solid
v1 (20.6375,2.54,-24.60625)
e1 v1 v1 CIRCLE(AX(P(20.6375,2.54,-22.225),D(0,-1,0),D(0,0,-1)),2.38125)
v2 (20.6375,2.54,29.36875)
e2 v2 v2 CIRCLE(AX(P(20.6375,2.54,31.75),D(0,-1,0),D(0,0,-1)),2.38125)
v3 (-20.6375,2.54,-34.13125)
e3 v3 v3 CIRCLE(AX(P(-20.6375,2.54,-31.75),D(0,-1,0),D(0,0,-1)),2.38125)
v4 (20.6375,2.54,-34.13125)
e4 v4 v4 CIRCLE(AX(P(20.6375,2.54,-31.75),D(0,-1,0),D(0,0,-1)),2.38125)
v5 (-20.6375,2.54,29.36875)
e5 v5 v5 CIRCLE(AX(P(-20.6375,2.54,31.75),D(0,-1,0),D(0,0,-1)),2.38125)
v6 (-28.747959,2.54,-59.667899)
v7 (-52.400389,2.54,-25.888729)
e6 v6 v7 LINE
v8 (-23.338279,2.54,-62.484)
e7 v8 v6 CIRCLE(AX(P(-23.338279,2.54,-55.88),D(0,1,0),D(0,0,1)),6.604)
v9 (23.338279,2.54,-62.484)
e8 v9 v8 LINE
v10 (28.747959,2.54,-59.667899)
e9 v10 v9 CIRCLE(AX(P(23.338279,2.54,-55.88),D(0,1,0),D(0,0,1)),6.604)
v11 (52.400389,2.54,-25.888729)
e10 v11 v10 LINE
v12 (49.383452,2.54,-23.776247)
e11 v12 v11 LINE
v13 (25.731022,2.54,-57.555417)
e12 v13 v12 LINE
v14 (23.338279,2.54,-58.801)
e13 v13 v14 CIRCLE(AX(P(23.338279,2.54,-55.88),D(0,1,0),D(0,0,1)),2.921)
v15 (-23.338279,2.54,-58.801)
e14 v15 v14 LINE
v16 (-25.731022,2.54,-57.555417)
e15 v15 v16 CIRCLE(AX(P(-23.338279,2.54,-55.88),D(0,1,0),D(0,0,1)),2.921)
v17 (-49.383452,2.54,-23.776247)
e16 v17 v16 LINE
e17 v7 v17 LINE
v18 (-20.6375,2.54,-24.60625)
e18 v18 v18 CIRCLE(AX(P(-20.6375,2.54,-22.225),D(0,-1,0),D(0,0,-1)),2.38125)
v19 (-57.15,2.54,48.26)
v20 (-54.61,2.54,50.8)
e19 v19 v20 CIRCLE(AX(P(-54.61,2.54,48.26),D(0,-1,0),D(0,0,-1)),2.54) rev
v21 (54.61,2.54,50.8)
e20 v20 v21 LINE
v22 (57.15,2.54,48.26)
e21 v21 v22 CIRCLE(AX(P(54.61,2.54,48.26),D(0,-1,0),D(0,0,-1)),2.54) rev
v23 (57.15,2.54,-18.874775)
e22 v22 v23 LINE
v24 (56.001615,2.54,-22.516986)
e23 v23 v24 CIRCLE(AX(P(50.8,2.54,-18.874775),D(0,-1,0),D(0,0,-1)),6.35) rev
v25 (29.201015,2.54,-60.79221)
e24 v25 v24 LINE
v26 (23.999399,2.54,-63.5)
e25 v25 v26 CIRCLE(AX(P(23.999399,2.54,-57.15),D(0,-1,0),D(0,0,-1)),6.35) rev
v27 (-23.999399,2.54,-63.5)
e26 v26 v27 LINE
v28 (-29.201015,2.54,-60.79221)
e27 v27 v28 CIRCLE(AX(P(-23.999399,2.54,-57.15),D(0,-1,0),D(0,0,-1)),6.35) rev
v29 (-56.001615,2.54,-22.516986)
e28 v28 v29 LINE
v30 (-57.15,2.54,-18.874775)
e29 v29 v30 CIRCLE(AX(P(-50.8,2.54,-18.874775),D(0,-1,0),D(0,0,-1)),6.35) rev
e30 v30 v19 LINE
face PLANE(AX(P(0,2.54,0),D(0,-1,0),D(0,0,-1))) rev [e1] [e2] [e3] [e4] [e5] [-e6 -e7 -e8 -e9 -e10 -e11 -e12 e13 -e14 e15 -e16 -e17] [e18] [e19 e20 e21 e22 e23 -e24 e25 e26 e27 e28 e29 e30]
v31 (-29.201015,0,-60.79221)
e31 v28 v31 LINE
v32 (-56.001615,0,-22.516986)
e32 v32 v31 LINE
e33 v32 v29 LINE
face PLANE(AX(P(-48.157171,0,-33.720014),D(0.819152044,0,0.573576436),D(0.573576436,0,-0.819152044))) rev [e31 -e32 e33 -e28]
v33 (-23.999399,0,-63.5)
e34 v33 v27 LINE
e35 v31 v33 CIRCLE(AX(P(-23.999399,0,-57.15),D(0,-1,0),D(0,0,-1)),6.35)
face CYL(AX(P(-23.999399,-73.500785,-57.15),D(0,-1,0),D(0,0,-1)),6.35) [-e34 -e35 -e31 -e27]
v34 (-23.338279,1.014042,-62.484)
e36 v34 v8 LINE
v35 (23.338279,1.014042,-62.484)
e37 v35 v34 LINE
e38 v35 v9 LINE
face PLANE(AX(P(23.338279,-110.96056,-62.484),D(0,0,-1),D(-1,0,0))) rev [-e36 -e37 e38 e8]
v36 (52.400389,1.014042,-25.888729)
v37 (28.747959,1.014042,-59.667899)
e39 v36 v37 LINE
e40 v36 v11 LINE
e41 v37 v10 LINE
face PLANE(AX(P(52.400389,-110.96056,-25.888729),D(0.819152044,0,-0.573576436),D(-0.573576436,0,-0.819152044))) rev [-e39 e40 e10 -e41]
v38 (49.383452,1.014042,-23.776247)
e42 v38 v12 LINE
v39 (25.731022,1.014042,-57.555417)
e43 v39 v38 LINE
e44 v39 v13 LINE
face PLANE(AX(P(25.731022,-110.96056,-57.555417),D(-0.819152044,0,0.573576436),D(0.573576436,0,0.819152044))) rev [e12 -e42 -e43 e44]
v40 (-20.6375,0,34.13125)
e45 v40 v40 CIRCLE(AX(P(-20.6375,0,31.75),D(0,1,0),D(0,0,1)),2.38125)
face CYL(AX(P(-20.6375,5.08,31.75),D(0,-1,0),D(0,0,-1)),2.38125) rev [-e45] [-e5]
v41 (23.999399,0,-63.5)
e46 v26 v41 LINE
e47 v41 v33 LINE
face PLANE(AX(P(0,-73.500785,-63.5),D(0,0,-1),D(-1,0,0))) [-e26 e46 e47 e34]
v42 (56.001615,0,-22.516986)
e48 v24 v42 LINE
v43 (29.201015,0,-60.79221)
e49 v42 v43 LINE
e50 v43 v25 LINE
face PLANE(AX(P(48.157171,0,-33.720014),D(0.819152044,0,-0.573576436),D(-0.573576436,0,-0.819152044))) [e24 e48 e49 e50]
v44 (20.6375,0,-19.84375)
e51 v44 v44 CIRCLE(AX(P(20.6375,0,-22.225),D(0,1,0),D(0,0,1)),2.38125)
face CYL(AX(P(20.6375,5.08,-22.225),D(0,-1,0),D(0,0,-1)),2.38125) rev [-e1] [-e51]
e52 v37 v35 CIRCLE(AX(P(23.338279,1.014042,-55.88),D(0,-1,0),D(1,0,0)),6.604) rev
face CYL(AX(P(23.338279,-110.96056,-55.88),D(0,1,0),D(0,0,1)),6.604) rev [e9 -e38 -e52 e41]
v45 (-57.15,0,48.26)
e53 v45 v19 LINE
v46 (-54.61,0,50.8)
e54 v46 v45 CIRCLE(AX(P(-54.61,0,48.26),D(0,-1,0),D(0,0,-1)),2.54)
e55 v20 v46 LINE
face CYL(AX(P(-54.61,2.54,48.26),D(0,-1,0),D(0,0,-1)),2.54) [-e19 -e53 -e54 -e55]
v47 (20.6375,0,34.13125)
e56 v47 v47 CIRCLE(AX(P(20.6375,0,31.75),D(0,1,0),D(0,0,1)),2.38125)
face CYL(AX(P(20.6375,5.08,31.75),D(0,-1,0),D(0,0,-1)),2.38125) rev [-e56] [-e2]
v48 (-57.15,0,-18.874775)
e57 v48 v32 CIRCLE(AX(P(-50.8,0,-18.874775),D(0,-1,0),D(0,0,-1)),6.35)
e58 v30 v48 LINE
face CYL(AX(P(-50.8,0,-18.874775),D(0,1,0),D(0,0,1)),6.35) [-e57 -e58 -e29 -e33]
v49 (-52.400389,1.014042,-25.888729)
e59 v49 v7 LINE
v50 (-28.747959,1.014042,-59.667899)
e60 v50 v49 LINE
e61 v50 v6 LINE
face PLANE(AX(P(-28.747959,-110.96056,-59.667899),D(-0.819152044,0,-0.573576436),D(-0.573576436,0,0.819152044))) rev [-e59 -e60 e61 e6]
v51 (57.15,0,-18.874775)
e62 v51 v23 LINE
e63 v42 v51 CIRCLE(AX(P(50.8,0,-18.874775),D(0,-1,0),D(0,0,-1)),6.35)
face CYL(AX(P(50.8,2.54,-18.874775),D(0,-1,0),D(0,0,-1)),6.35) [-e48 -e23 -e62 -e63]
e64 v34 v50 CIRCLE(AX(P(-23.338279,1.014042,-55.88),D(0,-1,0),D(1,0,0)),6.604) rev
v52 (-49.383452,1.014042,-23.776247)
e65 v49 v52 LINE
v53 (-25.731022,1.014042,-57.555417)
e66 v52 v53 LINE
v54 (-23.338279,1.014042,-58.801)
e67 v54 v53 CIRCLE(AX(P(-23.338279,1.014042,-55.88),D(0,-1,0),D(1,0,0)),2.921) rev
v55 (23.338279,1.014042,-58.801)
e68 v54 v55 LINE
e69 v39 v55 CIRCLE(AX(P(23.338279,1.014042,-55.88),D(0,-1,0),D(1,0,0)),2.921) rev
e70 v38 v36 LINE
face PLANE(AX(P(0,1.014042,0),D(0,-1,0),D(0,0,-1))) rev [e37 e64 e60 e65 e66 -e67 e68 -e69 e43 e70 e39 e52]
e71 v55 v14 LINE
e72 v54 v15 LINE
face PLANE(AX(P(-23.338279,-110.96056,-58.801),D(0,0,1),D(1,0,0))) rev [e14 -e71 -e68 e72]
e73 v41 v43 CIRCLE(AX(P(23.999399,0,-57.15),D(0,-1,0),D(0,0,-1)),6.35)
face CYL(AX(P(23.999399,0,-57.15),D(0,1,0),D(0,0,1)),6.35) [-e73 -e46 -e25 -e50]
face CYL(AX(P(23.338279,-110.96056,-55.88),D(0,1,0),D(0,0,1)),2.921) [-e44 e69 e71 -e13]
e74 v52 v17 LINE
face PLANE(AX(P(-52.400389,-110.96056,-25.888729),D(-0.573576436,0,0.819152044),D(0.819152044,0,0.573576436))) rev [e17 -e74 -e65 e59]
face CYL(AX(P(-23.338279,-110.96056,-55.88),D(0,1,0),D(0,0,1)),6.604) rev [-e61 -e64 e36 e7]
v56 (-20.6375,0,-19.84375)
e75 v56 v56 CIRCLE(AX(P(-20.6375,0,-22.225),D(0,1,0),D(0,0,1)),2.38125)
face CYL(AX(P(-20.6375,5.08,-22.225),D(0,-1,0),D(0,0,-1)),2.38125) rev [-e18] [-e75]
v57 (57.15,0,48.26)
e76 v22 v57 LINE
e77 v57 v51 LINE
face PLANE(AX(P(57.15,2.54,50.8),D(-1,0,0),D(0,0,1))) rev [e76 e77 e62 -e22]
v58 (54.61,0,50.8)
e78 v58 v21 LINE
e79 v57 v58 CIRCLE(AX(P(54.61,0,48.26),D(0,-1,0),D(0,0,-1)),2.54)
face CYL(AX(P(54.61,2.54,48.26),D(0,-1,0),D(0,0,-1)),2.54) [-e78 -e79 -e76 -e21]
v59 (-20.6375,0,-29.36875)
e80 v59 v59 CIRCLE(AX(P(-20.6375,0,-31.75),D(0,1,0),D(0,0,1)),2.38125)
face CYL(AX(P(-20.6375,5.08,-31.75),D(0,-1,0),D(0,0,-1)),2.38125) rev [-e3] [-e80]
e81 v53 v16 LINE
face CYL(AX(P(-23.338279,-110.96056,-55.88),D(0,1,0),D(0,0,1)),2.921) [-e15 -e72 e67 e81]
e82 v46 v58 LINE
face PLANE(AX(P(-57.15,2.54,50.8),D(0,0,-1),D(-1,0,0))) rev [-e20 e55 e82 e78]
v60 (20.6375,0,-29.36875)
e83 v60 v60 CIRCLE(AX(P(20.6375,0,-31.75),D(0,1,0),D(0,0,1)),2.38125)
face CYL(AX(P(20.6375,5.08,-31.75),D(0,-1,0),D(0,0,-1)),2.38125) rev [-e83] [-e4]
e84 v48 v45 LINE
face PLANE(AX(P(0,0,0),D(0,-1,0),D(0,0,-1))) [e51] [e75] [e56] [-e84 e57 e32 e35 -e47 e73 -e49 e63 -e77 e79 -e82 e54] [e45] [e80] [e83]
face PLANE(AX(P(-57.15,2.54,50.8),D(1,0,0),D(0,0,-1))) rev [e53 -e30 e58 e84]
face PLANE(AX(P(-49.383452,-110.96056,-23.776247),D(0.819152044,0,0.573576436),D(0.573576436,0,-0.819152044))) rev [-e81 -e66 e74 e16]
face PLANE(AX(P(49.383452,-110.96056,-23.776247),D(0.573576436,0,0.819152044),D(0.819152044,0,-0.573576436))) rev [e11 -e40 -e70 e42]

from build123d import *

# Parameters (mm, degrees)
SKETCH2_W               = 114.3
SKETCH2_H               = 101.6
BOSS_EXTRUDE1_DEPTH     = 2.54
SKETCH3_W               = 19.05
SKETCH3_H               = 38.1
BOSS_EXTRUDE2_DEPTH     = 2.54
TRUCKMOUNTINGHOLES_R    = 2.38125
CUT_EXTRUDE1_DEPTH      = 6.08
FILLET1_R               = 2.54
CUT_EXTRUDE3_DEPTH      = 3.54
CUT_EXTRUDE3_DEPTH_BACK = 3.54
BOSS_EXTRUDE3_DEPTH     = 2.54
CUT_EXTRUDE4_DEPTH      = 1.525958
FILLET2_R               = 6.35
SKETCH8_W               = 22.225
SKETCH8_H               = 2.54
BOSS_EXTRUDE4_DEPTH     = 2.54
CUT_EXTRUDE5_DEPTH      = 2.54
SKETCH10_W              = 60.325
SKETCH10_H              = 101.6
CUT_EXTRUDE6_DEPTH      = 2.54


with BuildPart() as part:
    # Sketch2 → Boss-Extrude1 (new body)
    with BuildSketch(Plane(origin=(0, 0, 0), x_dir=(1, 0, 0), z_dir=(0, 1, 0))):
        Rectangle(SKETCH2_W, SKETCH2_H)
    extrude(amount=BOSS_EXTRUDE1_DEPTH)

    # Sketch3 → Boss-Extrude2 (add)
    with BuildSketch(Plane(origin=(0, 2.54, 0), x_dir=(1, 0, 0), z_dir=(0, 1, 0))):
        with Locations((-20.6375, -31.75)):
            Rectangle(SKETCH3_W, SKETCH3_H)
        with Locations((20.6375, -31.75)):
            Rectangle(SKETCH3_W, SKETCH3_H)
        Polygon((-30.1625, 41.705647627), (-30.1625, 12.7), (-11.1125, 12.7), (-11.1125, 50.8), (-23.794565913, 50.8), align=None)
        Polygon((11.1125, 50.8), (11.1125, 12.7), (30.1625, 12.7), (30.1625, 41.705647627), (23.794565913, 50.8), align=None)
    extrude(amount=BOSS_EXTRUDE2_DEPTH)

    # TruckMountingHoles → Cut-Extrude1 (cut, through all)
    with BuildSketch(Plane(origin=(0, 0, 0), x_dir=(1, 0, 0), z_dir=(0, 1, 0))):
        with Locations((-20.6375, 22.225)):
            Circle(TRUCKMOUNTINGHOLES_R)
        with Locations((-20.6375, 31.75)):
            Circle(TRUCKMOUNTINGHOLES_R)
        with Locations((20.6375, 31.75)):
            Circle(TRUCKMOUNTINGHOLES_R)
        with Locations((20.6375, 22.225)):
            Circle(TRUCKMOUNTINGHOLES_R)
        with Locations((20.6375, -31.75)):
            Circle(TRUCKMOUNTINGHOLES_R)
        with Locations((-20.6375, -31.75)):
            Circle(TRUCKMOUNTINGHOLES_R)
    extrude(amount=CUT_EXTRUDE1_DEPTH, mode=Mode.SUBTRACT)

    # Fillet1
    fillet1_edges = [part.edges().sort_by_distance(p)[0] for p in [
        (57.15, 1.27, 50.8),
        (-57.15, 1.27, 50.8),
        (-57.15, 1.27, -50.8),
        (57.15, 1.27, -50.8),
    ]]
    fillet(fillet1_edges, radius=FILLET1_R)

    # Sketch5 → Cut-Extrude3 (cut, two sides)
    with BuildSketch(Plane(origin=(0, 2.54, 0), x_dir=(1, 0, 0), z_dir=(0, 1, 0))) as cut_extrude3_sk:
        with BuildLine():
            Line((54.61, 50.8), (36.197635735, 50.8))
            Line((36.197635735, 50.8), (57.15, 20.876922739))
            Line((57.15, 20.876922739), (57.15, 48.26))
            ThreePointArc((57.15, 48.26), (56.406051224, 50.056051224), (54.61, 50.8))
        make_face()
        with BuildLine():
            Line((-57.15, 20.876922739), (-36.197635735, 50.8))
            Line((-36.197635735, 50.8), (-54.61, 50.8))
            ThreePointArc((-54.61, 50.8), (-56.406051224, 50.056051224), (-57.15, 48.26))
            Line((-57.15, 48.26), (-57.15, 20.876922739))
        make_face()
    extrude(amount=CUT_EXTRUDE3_DEPTH, mode=Mode.SUBTRACT)
    extrude(cut_extrude3_sk.sketch, amount=-CUT_EXTRUDE3_DEPTH_BACK, mode=Mode.SUBTRACT)

    # Sketch5<5> → Boss-Extrude3 (add)
    with BuildSketch(Plane(origin=(0, 2.54, 0), x_dir=(1, 0, 0), z_dir=(0, 1, 0))):
        Polygon((36.197635735, 50.8), (27.305, 63.5), (-27.305, 63.5), (-36.197635735, 50.8), (-25.500724295, 50.8), (-23.794565913, 50.8), (-11.1125, 50.8), (11.1125, 50.8), (23.794565913, 50.8), align=None)
    extrude(amount=-BOSS_EXTRUDE3_DEPTH)

    # Sketch6 → Cut-Extrude4 (cut)
    with BuildSketch(Plane(origin=(0, 2.54, 0), x_dir=(1, 0, 0), z_dir=(0, 1, 0))):
        with BuildLine():
            Line((49.383451528, 23.776246966), (52.400388507, 25.888728981))
            Line((52.400388507, 25.888728981), (28.747959175, 59.667898786))
            ThreePointArc((28.747959175, 59.667898786), (26.387666917, 61.737819542), (23.338279075, 62.484))
            Line((23.338279075, 62.484), (-23.338279075, 62.484))
            ThreePointArc((-23.338279075, 62.484), (-26.387666917, 61.737819542), (-28.747959175, 59.667898786))
            Line((-28.747959175, 59.667898786), (-52.400388507, 25.888728981))
            Line((-52.400388507, 25.888728981), (-49.383451528, 23.776246966))
            Line((-49.383451528, 23.776246966), (-25.731022196, 57.555416771))
            ThreePointArc((-25.731022196, 57.555416771), (-24.687046774, 58.470958644), (-23.338279075, 58.801))
            Line((-23.338279075, 58.801), (23.338279075, 58.801))
            ThreePointArc((23.338279075, 58.801), (24.687046774, 58.470958644), (25.731022196, 57.555416771))
            Line((25.731022196, 57.555416771), (49.383451528, 23.776246966))
        make_face()
    extrude(amount=-CUT_EXTRUDE4_DEPTH, mode=Mode.SUBTRACT)

    # Fillet2
    fillet2_edges = [part.edges().sort_by_distance(p)[0] for p in [
        (57.15, 1.27, -20.876922739),
        (-57.15, 1.27, -20.876922739),
        (-27.305, 1.27, -63.5),
        (27.305, 1.27, -63.5),
    ]]
    fillet(fillet2_edges, radius=FILLET2_R)

    # Sketch8 → Boss-Extrude4 (add)
    with BuildSketch(Plane(origin=(0, 2.54, 0), x_dir=(1, 0, 0), z_dir=(0, 1, 0))):
        with Locations((0, -49.53)):
            Rectangle(SKETCH8_W, SKETCH8_H)
    extrude(amount=BOSS_EXTRUDE4_DEPTH)

    # Sketch9 → Cut-Extrude5 (cut)
    with BuildSketch(Plane.XY.offset(50.8)):
        with BuildLine():
            Line((6.346056871, 5.08), (-6.346056871, 5.08))
            ThreePointArc((-6.346056871, 5.08), (-5.941945474, 4.247288898), (-5.08, 3.91))
            Line((-5.08, 3.91), (5.08, 3.91))
            ThreePointArc((5.08, 3.91), (5.941945474, 4.247288898), (6.346056871, 5.08))
        make_face()
    extrude(amount=-CUT_EXTRUDE5_DEPTH, mode=Mode.SUBTRACT)

    # Sketch10 → Cut-Extrude6 (cut)
    with BuildSketch(Plane(origin=(0, 5.08, 0), x_dir=(1, 0, 0), z_dir=(0, 1, 0))):
        Rectangle(SKETCH10_W, SKETCH10_H)
    extrude(amount=-CUT_EXTRUDE6_DEPTH, mode=Mode.SUBTRACT)


solid = part.part
